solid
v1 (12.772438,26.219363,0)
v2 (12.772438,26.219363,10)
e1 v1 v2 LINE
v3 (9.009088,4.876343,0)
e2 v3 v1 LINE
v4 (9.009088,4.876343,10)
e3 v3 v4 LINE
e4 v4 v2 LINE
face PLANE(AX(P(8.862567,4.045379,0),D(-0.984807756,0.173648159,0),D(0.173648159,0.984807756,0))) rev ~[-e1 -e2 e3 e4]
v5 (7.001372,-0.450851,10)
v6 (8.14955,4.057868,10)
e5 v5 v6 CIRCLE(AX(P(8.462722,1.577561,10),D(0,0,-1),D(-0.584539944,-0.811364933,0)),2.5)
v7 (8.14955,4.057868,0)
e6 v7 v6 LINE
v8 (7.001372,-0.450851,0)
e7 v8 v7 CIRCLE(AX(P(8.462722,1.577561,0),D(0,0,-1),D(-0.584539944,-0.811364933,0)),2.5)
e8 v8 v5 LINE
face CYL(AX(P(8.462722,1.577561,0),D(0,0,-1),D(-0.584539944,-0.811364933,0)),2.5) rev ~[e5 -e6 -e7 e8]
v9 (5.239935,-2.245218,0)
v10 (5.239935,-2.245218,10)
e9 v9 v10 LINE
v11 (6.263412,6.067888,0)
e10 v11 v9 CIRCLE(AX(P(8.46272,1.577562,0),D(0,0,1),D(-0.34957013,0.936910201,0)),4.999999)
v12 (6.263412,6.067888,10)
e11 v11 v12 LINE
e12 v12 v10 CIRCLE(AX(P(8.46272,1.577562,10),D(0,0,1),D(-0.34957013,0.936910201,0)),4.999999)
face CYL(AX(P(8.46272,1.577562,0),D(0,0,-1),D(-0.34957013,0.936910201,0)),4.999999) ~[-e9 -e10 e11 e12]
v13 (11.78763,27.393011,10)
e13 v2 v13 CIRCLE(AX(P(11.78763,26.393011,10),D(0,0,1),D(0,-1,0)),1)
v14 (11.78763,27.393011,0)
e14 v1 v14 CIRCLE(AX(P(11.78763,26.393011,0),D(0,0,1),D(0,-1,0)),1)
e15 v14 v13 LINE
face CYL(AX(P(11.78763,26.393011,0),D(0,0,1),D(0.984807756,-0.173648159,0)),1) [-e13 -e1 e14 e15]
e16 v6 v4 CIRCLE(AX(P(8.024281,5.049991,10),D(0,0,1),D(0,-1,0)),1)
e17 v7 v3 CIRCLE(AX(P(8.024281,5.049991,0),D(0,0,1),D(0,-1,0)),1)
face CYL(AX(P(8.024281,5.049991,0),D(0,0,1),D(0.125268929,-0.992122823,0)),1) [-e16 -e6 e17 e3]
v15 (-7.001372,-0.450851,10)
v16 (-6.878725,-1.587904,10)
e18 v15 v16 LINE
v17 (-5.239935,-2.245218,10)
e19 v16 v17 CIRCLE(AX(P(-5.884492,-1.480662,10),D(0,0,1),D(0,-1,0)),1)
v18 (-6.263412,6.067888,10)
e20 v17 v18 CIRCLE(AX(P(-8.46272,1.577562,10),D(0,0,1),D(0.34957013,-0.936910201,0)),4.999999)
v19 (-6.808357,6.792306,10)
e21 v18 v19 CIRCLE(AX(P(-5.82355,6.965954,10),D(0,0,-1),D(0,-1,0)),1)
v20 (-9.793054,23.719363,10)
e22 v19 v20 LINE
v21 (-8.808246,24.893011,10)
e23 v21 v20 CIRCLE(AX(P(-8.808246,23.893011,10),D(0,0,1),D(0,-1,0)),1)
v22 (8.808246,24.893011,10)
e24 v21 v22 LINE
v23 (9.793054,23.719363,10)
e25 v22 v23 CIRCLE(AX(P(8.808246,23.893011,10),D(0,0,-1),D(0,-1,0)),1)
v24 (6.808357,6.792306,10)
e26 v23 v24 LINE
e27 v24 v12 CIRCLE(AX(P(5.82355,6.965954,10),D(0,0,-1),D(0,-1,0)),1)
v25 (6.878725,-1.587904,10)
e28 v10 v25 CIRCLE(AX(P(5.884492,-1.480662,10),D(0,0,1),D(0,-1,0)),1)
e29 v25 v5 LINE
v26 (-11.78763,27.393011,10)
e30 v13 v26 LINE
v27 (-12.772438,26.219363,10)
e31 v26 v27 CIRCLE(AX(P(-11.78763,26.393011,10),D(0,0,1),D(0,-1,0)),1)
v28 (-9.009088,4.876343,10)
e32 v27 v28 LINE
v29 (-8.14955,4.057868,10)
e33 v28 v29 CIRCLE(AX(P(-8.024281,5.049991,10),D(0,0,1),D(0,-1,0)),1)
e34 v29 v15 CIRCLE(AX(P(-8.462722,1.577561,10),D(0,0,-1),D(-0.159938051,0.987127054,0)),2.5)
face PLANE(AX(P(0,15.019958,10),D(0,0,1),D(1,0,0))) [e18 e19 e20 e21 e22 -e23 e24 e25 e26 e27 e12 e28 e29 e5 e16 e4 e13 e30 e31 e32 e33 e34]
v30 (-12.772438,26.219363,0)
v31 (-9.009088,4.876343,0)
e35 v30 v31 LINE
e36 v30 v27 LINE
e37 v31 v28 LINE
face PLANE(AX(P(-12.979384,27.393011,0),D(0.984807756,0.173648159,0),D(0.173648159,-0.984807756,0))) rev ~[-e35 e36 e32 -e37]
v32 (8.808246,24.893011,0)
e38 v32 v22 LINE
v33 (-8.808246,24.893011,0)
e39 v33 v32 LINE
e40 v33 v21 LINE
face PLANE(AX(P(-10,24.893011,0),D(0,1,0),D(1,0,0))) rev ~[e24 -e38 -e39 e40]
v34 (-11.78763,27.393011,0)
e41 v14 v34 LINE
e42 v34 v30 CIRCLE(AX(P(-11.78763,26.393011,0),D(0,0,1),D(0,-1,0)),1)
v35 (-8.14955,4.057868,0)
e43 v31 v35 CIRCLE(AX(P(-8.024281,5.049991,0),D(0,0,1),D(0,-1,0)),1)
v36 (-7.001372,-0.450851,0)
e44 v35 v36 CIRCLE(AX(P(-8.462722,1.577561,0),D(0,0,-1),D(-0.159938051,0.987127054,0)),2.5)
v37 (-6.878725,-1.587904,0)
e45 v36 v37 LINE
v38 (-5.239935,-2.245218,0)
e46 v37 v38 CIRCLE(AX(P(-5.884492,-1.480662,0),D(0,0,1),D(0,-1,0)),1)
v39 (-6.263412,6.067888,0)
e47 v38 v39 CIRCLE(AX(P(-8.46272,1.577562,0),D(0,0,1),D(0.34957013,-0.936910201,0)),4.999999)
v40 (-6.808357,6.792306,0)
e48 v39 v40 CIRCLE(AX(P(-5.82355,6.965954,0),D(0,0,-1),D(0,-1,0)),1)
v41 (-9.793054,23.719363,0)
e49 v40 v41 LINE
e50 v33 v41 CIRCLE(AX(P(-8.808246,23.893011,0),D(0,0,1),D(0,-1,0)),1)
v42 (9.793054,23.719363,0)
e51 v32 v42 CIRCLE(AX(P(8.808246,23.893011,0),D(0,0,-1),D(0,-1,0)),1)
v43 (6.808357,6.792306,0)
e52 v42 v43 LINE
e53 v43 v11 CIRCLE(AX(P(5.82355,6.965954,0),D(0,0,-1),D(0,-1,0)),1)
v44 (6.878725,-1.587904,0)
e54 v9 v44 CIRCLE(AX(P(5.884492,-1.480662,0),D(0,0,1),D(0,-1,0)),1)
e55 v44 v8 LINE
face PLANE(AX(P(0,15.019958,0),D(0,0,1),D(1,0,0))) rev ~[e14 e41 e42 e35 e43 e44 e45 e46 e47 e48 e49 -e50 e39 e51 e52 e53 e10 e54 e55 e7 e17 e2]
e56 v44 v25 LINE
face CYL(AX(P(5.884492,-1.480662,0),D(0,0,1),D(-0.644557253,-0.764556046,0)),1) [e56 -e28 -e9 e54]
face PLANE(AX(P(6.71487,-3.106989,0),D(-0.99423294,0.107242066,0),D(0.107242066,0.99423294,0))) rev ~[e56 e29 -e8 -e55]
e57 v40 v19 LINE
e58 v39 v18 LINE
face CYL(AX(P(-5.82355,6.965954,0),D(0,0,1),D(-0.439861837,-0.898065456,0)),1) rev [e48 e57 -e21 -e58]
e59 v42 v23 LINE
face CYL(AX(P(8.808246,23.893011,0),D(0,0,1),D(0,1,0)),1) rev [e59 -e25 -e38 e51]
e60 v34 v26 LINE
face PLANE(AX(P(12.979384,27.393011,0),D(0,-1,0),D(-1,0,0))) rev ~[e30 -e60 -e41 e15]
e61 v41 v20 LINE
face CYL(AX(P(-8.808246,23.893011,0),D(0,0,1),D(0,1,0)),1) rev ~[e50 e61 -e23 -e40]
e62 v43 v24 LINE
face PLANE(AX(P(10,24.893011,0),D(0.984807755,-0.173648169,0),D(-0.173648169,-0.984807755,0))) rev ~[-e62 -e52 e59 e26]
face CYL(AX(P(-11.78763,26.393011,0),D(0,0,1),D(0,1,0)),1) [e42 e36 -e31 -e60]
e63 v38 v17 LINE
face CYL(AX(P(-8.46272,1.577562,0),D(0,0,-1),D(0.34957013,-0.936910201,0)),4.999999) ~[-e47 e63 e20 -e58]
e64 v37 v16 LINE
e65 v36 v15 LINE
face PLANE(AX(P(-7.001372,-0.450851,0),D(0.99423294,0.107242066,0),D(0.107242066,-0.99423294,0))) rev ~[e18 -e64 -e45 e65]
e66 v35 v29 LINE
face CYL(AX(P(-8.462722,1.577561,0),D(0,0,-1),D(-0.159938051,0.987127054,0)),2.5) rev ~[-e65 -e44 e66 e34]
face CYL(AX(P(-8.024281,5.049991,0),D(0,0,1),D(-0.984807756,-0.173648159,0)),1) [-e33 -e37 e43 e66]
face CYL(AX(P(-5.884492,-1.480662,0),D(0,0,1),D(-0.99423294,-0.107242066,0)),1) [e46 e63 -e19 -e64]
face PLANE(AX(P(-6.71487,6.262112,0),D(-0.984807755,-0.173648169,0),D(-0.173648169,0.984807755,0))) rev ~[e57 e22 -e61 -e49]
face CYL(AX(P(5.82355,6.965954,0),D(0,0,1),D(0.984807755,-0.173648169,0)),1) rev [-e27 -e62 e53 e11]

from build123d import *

# Parameters (mm, degrees)
F1_DEPTH = 10
F2_R     = 1


with BuildPart() as f1:
    # F0 (on Top) → F1 (new body)
    with BuildSketch(Plane.XY):
        with BuildLine():
            Line((-10, 24.893011), (0, 24.893011))
            Line((0, 24.893011), (10, 24.893011))
            Line((10, 24.893011), (6.71487, 6.262112))
            ThreePointArc((6.71487, 6.262112), (3.462721, 1.577561), (6.71487, -3.106989))
            Line((6.71487, -3.106989), (7.001372, -0.450851))
            ThreePointArc((7.001372, -0.450851), (6.152804, 2.533741), (8.862567, 4.045379))
            Line((8.862567, 4.045379), (12.979384, 27.393011))
            Line((12.979384, 27.393011), (0, 27.393011))
            Line((0, 27.393011), (-12.979384, 27.393011))
            Line((-12.979384, 27.393011), (-8.862567, 4.045379))
            ThreePointArc((-8.862567, 4.045379), (-6.152804, 2.533741), (-7.001372, -0.450851))
            Line((-7.001372, -0.450851), (-6.71487, -3.106989))
            ThreePointArc((-6.71487, -3.106989), (-3.462721, 1.577561), (-6.71487, 6.262112))
            Line((-6.71487, 6.262112), (-10, 24.893011))
        make_face()
    extrude(amount=F1_DEPTH)

    # F2
    f2_edges = [f1.edges().sort_by_distance(p)[0] for p in [
        (-6.71487, -3.106989, 5),
        (6.71487, -3.106989, 5),
        (-12.979384, 27.393011, 5),
        (12.979384, 27.393011, 5),
        (-10, 24.893011, 5),
        (10, 24.893011, 5),
        (-6.71487, 6.262112, 5),
        (6.71487, 6.262112, 5),
        (-8.862567, 4.045379, 5),
        (8.862567, 4.045379, 5),
    ]]
    fillet(f2_edges, radius=F2_R)


solid = f1.part
